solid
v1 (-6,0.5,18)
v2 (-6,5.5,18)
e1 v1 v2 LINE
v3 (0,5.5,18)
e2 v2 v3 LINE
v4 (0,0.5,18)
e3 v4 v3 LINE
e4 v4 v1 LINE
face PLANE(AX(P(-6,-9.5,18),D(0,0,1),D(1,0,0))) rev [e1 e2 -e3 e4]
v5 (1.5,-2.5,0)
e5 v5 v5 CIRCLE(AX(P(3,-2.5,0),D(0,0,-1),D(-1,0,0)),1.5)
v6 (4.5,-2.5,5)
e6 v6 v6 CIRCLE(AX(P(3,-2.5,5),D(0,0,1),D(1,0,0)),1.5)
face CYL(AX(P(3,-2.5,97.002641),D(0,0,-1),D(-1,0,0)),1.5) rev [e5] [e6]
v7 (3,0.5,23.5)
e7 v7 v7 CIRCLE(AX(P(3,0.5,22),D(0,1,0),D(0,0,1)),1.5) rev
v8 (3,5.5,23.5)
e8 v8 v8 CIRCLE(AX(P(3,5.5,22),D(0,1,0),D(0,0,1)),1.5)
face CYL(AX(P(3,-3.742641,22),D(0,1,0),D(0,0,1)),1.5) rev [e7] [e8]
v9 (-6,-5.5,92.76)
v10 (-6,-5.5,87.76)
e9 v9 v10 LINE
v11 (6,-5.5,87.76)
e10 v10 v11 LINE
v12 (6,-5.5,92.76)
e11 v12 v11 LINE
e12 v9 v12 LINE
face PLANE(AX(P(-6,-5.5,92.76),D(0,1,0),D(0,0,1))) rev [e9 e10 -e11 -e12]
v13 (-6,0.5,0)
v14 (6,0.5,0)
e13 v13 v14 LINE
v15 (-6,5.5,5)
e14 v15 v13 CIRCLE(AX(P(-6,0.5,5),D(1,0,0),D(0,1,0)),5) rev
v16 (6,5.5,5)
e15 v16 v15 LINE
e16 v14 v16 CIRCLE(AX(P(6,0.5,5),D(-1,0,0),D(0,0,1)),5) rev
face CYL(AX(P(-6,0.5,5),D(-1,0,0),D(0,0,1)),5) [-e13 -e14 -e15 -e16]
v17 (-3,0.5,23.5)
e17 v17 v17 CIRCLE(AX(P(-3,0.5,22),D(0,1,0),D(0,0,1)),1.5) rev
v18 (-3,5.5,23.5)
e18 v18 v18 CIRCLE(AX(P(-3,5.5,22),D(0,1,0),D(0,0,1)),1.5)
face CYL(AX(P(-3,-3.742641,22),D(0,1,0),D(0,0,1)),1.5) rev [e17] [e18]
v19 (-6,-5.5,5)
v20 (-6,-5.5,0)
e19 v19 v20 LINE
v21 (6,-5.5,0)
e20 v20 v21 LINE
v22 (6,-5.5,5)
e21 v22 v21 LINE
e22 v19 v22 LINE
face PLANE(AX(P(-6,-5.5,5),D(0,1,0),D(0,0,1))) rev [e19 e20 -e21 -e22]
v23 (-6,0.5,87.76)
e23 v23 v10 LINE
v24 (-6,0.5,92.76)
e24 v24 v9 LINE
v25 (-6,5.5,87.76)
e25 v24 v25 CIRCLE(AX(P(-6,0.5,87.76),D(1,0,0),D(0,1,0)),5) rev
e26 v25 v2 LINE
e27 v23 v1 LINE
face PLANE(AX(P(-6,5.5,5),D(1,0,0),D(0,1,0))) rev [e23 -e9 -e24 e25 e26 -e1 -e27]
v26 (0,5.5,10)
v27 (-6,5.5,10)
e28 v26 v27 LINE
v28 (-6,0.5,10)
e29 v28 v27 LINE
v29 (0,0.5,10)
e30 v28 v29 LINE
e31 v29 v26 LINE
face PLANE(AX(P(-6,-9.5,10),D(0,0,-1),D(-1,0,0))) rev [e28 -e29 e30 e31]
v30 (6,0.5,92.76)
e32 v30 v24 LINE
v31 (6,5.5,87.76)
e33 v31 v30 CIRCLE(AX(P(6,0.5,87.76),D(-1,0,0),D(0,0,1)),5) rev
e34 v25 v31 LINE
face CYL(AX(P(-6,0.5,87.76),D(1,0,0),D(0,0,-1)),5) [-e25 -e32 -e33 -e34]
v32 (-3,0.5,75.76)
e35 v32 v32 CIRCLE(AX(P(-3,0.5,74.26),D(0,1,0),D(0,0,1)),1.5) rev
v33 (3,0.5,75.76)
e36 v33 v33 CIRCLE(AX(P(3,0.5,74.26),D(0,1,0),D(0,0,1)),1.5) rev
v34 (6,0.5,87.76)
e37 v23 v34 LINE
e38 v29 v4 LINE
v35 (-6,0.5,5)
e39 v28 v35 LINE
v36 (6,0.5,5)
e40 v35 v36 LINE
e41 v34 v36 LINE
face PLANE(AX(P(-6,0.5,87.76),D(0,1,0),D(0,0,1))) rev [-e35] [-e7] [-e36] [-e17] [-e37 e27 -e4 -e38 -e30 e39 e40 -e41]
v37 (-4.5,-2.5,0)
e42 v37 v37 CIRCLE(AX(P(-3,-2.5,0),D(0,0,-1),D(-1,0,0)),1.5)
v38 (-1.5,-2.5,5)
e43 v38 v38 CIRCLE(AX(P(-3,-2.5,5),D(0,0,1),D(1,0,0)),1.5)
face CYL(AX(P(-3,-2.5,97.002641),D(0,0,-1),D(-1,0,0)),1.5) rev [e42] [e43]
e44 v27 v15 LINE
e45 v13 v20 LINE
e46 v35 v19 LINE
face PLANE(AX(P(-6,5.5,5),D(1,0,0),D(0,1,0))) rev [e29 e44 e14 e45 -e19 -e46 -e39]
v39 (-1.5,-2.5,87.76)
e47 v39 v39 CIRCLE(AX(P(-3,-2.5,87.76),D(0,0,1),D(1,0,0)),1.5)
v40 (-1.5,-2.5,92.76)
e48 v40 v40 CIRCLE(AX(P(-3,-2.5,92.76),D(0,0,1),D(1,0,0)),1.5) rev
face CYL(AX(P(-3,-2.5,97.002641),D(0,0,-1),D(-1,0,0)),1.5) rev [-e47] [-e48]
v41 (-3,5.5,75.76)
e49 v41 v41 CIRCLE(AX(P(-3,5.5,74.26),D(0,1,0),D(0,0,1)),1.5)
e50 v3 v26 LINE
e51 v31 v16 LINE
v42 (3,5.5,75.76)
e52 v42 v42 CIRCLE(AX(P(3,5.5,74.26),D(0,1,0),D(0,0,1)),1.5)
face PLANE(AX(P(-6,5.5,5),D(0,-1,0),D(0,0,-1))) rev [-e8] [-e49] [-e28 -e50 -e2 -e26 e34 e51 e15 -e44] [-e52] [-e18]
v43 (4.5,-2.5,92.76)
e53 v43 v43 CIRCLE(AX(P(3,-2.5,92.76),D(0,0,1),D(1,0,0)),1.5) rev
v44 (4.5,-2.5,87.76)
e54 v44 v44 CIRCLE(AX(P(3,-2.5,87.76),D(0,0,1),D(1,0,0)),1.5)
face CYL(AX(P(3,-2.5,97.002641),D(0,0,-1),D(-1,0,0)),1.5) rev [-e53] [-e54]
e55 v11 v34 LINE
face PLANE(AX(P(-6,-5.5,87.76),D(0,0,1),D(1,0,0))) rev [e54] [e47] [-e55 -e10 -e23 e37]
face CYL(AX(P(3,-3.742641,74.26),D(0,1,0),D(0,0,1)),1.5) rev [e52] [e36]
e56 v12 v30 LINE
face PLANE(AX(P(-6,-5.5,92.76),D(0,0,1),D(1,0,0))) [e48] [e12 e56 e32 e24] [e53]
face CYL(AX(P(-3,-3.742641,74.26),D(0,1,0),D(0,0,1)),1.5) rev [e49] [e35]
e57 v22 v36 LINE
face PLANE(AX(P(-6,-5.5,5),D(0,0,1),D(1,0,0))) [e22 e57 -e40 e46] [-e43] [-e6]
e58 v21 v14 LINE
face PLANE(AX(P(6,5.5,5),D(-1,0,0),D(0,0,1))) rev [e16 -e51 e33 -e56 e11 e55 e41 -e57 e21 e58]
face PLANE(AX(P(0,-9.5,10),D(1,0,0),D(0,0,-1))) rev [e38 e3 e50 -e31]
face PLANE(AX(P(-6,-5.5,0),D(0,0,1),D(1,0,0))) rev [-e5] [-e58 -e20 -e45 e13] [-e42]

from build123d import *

# Parameters (mm, degrees)
SKETCH1_W      = 12
SKETCH1_H      = 11
EXTRUDE1_DEPTH = 5
SKETCH2_W      = 12
SKETCH2_H      = 5
EXTRUDE2_DEPTH = 82.76
SKETCH3_W      = 12
SKETCH3_H      = 11
EXTRUDE3_DEPTH = 5
EXTRUDE4_REACH = 95.116
SKETCH5_R      = 1.5
SKETCH8_W      = 6
SKETCH8_H      = 8
EXTRUDE5_DEPTH = 5
SKETCH9_R      = 1.5
EXTRUDE6_DEPTH = 5
FILLET1_R      = 5


with BuildPart() as part:
    # Sketch1 → Extrude1 (new body)
    with BuildSketch(Plane.XY):
        Rectangle(SKETCH1_W, SKETCH1_H)
    extrude(amount=EXTRUDE1_DEPTH)

    # Sketch2 → Extrude2 (add)
    with BuildSketch(Plane.XY.offset(5)):
        with Locations((0, 3)):
            Rectangle(SKETCH2_W, SKETCH2_H)
    extrude(amount=EXTRUDE2_DEPTH)

    # Sketch3 → Extrude3 (add)
    with BuildSketch(Plane.XY.offset(87.76)):
        Rectangle(SKETCH3_W, SKETCH3_H)
    extrude(amount=EXTRUDE3_DEPTH)

    # Extrude4: up to this face of the body (flat: up to its plane)
    extrude4_end = Plane(part.part.faces().sort_by_distance((0, 0, 92.76))[0])
    # Sketch5 → Extrude4 (cut, up to the picked face)
    with BuildSketch(Plane(origin=(0, 0, 0), x_dir=(-1, 0, 0), z_dir=(0, 0, -1)), mode=Mode.PRIVATE) as extrude4_sk1:
        with Locations(Location((-3, -2.5, 0), (0, 0, 180))):
            Circle(SKETCH5_R)
    extrude4_tool1 = split(extrude(extrude4_sk1.sketch, amount=-EXTRUDE4_REACH, mode=Mode.PRIVATE), bisect_by=extrude4_end, keep=Keep.BOTH, mode=Mode.PRIVATE)
    # Sketch5 → Extrude4 (cut, up to the picked face)
    with BuildSketch(Plane(origin=(0, 0, 0), x_dir=(-1, 0, 0), z_dir=(0, 0, -1)), mode=Mode.PRIVATE) as extrude4_sk2:
        with Locations(Location((3, -2.5, 0), (0, 0, 180))):
            Circle(SKETCH5_R)
    extrude4_tool2 = split(extrude(extrude4_sk2.sketch, amount=-EXTRUDE4_REACH, mode=Mode.PRIVATE), bisect_by=extrude4_end, keep=Keep.BOTH, mode=Mode.PRIVATE)
    add(extrude4_tool1.solids().sort_by(Axis((3, -2.5, 0), (0, 0, 1)))[0], mode=Mode.SUBTRACT)
    add(extrude4_tool2.solids().sort_by(Axis((-3, -2.5, 0), (0, 0, 1)))[0], mode=Mode.SUBTRACT)

    # Sketch8 → Extrude5 (cut)
    with BuildSketch(Plane(origin=(0, 5.5, 0), x_dir=(1, 0, 0), z_dir=(0, 1, 0))):
        with Locations((-3, -14)):
            Rectangle(SKETCH8_W, SKETCH8_H)
    extrude(amount=-EXTRUDE5_DEPTH, mode=Mode.SUBTRACT)

    # Sketch9 → Extrude6 (cut)
    with BuildSketch(Plane(origin=(0, 5.5, 0), x_dir=(1, 0, 0), z_dir=(0, 1, 0))):
        with Locations(Location((-3, -22, 0), (0, 0, 270))):
            Circle(SKETCH9_R)
        with Locations(Location((3, -22, 0), (0, 0, 270))):
            Circle(SKETCH9_R)
        with Locations(Location((3, -74.26, 0), (0, 0, 270))):
            Circle(SKETCH9_R)
        with Locations(Location((-3, -74.26, 0), (0, 0, 270))):
            Circle(SKETCH9_R)
    extrude(amount=-EXTRUDE6_DEPTH, mode=Mode.SUBTRACT)

    # Fillet1
    fillet1_edges = [part.edges().sort_by_distance(p)[0] for p in [
        (0, 5.5, 92.76),
        (0, 5.5, 0),
    ]]
    fillet(fillet1_edges, radius=FILLET1_R)


solid = part.part
